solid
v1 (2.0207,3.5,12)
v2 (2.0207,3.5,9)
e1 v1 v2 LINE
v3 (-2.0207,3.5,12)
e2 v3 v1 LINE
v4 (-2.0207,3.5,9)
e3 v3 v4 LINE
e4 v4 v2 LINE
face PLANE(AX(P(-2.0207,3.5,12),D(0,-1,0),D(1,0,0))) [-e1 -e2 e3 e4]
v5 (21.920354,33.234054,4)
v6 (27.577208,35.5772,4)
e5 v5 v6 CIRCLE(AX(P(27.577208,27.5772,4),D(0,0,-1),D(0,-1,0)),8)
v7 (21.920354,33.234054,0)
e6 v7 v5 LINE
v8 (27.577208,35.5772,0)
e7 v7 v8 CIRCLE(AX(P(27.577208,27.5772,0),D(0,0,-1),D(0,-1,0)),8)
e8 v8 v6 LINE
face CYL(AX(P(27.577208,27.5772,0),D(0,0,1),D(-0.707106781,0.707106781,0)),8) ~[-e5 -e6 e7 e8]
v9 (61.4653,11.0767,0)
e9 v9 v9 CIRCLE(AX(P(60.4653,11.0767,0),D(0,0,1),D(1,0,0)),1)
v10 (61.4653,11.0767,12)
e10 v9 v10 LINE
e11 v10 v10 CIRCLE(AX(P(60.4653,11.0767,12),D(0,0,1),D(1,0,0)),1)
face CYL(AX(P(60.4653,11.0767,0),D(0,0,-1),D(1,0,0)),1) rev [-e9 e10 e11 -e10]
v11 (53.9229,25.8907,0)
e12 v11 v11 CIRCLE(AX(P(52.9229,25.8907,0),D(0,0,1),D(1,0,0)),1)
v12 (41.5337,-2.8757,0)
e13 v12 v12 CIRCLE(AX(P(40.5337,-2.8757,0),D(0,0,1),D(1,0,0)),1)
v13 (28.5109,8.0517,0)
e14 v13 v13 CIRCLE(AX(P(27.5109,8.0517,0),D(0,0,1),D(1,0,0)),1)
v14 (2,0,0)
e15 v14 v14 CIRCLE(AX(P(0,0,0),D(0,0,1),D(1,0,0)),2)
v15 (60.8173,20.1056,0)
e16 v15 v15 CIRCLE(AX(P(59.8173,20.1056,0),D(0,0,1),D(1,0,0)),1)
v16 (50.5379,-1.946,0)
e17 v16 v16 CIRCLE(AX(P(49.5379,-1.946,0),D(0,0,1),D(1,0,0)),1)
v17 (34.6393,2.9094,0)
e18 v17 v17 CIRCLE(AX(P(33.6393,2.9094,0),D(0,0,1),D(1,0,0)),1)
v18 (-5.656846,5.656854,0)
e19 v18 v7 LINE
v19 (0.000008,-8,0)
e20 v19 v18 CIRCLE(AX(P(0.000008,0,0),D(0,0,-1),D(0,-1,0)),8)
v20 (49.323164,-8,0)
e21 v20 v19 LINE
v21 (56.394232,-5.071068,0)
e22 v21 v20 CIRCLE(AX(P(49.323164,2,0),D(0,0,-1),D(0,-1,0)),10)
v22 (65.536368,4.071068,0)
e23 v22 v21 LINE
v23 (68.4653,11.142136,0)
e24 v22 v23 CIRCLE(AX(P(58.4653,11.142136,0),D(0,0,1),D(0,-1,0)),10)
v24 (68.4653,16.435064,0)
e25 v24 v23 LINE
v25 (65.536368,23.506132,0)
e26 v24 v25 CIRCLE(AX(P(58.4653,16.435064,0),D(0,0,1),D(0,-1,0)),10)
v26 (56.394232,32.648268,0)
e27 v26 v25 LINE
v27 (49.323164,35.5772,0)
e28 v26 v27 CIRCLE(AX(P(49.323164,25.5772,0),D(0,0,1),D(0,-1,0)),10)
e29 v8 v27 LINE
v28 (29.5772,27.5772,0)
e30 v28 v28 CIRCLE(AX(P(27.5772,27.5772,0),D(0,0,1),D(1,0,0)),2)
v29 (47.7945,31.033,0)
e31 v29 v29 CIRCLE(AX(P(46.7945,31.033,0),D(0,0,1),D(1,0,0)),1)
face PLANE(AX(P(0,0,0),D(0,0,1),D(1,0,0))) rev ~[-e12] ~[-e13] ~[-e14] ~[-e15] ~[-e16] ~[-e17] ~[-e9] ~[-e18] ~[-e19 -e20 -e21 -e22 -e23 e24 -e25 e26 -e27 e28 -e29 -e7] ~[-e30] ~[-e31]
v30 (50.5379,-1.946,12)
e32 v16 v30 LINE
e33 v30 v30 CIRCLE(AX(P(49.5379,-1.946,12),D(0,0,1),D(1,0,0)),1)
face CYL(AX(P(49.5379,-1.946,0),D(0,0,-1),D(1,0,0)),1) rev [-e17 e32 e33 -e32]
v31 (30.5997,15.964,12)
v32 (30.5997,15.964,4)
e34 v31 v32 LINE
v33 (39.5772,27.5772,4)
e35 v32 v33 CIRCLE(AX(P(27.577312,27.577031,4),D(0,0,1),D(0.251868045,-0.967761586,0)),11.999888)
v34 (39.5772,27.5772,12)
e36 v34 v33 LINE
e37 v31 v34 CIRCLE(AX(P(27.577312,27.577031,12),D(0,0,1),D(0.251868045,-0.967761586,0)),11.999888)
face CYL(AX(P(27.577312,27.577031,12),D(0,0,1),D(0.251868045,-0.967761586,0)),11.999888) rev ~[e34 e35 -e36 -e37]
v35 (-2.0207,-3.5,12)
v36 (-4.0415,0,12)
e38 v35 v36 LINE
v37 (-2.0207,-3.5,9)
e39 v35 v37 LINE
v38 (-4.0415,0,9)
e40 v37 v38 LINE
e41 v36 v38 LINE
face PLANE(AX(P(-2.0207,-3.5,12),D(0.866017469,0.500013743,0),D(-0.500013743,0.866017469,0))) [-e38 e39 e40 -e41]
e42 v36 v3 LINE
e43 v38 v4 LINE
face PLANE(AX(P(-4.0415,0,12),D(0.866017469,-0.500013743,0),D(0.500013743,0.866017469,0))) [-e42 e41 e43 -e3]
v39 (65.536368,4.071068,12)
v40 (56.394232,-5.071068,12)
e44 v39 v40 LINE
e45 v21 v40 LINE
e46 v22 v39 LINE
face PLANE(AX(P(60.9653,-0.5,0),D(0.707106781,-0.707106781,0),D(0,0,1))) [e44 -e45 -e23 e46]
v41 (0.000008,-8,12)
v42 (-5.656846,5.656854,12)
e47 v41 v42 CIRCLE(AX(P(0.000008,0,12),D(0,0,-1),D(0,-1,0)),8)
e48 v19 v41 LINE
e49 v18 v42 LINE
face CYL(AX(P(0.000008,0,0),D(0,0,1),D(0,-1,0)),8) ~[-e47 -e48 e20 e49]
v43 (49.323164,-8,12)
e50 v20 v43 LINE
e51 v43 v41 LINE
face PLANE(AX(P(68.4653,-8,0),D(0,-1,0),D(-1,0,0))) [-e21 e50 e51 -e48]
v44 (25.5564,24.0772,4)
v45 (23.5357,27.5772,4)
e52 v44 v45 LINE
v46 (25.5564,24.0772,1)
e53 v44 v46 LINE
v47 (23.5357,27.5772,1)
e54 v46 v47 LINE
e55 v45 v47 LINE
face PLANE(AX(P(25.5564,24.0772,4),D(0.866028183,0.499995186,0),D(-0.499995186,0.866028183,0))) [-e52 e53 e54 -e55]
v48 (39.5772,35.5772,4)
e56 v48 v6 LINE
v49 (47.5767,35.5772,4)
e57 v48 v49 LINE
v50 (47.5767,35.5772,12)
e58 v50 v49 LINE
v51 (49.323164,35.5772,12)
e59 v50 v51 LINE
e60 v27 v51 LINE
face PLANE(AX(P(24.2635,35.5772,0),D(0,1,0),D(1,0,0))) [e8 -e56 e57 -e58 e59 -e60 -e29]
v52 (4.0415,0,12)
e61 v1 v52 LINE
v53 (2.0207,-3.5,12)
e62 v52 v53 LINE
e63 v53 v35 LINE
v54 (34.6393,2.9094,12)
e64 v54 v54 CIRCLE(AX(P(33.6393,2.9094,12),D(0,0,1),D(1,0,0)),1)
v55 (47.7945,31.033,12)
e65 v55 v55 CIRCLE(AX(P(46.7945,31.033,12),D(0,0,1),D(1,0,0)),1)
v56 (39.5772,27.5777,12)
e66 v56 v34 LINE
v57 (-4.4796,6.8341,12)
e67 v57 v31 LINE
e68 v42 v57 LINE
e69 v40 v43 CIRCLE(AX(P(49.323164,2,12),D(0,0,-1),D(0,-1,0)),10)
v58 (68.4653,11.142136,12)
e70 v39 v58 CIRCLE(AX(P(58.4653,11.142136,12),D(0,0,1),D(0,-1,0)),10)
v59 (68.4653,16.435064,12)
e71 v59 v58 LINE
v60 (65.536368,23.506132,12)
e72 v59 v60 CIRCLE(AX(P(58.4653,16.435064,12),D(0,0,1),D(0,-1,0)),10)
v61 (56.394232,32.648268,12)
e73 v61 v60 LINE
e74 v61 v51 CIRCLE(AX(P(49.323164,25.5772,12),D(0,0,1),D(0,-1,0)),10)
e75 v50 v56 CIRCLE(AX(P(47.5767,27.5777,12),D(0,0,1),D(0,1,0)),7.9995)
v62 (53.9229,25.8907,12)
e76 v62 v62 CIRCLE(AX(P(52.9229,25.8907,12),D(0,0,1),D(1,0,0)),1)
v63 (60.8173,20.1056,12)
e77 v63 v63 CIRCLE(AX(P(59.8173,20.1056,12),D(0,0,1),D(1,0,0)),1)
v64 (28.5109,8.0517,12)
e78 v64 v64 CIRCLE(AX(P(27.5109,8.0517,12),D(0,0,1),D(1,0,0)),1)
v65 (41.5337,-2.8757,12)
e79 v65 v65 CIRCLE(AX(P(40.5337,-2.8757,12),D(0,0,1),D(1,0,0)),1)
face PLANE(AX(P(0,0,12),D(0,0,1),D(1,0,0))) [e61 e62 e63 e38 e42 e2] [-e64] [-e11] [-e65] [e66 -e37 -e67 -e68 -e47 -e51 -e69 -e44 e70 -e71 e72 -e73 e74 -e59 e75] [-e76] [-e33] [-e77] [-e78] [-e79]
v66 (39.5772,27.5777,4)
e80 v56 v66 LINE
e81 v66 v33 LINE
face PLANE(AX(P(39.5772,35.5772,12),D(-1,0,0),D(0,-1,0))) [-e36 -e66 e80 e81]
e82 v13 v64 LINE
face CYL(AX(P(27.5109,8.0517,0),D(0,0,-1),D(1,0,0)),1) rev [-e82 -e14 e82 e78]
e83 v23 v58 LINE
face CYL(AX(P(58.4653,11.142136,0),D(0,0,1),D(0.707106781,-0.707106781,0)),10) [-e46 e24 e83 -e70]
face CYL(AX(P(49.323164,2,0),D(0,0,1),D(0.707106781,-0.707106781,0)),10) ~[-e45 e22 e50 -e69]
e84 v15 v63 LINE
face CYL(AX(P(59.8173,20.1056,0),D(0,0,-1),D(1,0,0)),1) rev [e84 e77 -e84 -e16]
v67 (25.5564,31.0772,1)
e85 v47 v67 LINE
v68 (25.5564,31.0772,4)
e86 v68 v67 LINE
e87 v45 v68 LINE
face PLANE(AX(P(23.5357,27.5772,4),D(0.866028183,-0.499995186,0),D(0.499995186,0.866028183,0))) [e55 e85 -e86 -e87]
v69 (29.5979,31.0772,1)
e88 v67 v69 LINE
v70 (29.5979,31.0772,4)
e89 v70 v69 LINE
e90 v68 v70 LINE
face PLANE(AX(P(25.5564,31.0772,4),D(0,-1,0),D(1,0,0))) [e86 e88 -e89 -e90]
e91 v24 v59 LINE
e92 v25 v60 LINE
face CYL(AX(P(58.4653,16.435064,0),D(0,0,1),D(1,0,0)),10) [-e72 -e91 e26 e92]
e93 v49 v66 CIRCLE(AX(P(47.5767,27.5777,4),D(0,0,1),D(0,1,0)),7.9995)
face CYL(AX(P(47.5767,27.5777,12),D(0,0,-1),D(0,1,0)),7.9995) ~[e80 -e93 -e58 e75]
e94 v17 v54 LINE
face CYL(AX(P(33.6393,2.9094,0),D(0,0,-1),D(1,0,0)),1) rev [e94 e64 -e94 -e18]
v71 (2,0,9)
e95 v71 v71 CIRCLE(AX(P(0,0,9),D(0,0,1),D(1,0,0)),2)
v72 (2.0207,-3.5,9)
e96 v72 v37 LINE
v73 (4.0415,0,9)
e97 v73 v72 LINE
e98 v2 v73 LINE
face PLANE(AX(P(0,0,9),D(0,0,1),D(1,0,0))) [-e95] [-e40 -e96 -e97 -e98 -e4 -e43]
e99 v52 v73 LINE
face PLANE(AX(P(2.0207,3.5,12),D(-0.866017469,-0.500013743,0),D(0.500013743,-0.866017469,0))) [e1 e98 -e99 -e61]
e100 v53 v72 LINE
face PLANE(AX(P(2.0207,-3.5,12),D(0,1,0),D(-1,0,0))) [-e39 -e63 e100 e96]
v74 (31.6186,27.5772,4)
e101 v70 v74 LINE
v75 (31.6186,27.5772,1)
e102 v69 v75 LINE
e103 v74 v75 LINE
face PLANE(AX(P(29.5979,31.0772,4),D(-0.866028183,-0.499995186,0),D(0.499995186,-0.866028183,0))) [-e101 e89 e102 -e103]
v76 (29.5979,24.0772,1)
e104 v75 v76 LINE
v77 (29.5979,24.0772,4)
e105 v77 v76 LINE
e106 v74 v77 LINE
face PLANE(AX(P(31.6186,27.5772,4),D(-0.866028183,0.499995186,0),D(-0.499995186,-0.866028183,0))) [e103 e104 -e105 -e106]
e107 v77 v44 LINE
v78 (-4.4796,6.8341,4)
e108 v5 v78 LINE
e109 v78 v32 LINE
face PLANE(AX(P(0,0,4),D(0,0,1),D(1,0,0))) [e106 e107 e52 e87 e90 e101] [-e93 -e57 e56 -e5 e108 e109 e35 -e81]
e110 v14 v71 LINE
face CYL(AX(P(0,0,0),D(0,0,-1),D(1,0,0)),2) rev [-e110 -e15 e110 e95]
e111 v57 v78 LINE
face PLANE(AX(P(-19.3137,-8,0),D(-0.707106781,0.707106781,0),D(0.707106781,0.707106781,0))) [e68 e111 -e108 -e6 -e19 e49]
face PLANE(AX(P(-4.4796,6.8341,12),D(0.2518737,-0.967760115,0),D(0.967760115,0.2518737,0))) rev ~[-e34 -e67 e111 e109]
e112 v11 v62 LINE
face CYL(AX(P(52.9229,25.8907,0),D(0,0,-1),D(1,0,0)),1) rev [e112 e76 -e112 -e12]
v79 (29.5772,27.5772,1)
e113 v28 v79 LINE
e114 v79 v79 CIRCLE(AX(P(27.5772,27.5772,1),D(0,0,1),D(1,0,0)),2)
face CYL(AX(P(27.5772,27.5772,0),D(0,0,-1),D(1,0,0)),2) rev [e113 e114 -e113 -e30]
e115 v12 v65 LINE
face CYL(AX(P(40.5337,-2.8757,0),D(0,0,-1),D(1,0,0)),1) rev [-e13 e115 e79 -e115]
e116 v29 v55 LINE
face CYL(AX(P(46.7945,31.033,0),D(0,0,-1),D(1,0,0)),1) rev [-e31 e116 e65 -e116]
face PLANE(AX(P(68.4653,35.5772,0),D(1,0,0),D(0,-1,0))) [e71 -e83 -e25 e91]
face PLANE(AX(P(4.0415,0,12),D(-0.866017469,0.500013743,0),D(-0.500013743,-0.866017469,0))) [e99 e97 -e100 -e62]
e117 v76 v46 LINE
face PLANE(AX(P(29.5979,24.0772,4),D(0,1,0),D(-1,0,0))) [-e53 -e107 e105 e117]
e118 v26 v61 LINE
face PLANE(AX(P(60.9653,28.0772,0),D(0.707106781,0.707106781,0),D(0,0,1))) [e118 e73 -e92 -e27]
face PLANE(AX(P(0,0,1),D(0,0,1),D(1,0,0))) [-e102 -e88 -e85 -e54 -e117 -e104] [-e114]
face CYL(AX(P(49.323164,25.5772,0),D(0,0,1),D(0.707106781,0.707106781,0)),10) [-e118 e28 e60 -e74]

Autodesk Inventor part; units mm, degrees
ref_plane "YZ Plane" through (0, 0, 0) normal (1, 0, 0) x (0, 1, 0)
ref_plane "XZ Plane" through (0, 0, 0) normal (0, 1, 0) x (-1, 0, 0)
ref_plane "XY Plane" through (0, 0, 0) normal (0, 0, 1) x (1, 0, 0)
sketch "Esquisse1" plane through (0, 0, 0) normal (0, 0, 1) x (1, 0, 0)
  line L0 (0, 0) -> (52, 0) construction
  line L1 (0, 0) -> (27.5772, 27.5772) construction
  circle A0 centre (27.5772, 27.5772) radius 2
  circle A1 centre (0, 0) radius 2
  line L2 (0, 0) -> (0, -8) construction
  line L3 (0, 0) -> (-5.6569, 5.6569) construction
  line L4 (68.4653, -8) -> (-19.3137, -8)
  line L5 (27.5772, 27.5772) -> (27.5772, 35.5772) construction
  line L6 (-19.3137, -8) -> (24.2635, 35.5772)
  line L7 (24.2635, 35.5772) -> (68.4653, 35.5772)
  line L8 (27.5772, 27.5772) -> (49, 27.5772) construction
  line L9 (27.5772, 27.5772) -> (55.0016, 4.5654) construction
  line L10 (27.5772, 27.5772) -> (37.219, 39.0678) construction
  line L11 (37.219, 39.0678) -> (41.8152, 35.2111) construction
  line L12 (41.8152, 35.2111) -> (46.7945, 31.033) construction
  line L13 (46.7945, 31.033) -> (52.9229, 25.8907) construction
  line L14 (52.9229, 25.8907) -> (59.8173, 20.1056) construction
  line L15 (55.0016, 4.5654) -> (60.4653, 11.0767) construction
  circle A2 centre (41.8152, 35.2111) radius 1 construction
  circle A3 centre (46.7945, 31.033) radius 1
  circle A4 centre (52.9229, 25.8907) radius 1
  circle A5 centre (59.8173, 20.1056) radius 1
  circle A6 centre (60.4653, 11.0767) radius 1
  circle A7 centre (22.5316, 12.2298) radius 1 construction
  circle A8 centre (27.5109, 8.0517) radius 1
  circle A9 centre (33.6393, 2.9094) radius 1
  circle A10 centre (40.5337, -2.8757) radius 1
  circle A11 centre (49.5379, -1.946) radius 1
  line L16 (60.4653, 11.0767) -> (68.4653, 11.0767) construction
  line L17 (68.4653, 35.5772) -> (68.4653, -8)
  dimension "d39" = 39
  dimension "d41" = 4
  dimension "d44" = 8
  dimension "d64" = 8
  dimension "d80" = 45
  dimension "d82" = 8
  dimension "d101" = 35.8
  dimension "d102" = 40
  dimension "d103" = 15
  dimension "d104" = 6
  dimension "d105" = 6.5
  dimension "d106" = 8
  dimension "d107" = 9
  dimension "d108" = 8.5
  dimension "d109" = 2
  dimension "d110" = 8
extrude "Extrusion15" add sketch "Esquisse1" along normal blind 12
sketch "Esquisse13" plane through (0, 0, 12) normal (0, 0, 1) x (1, 0, 0)
  circle A0 centre (0, 0) radius 2 projected
  circle A1 centre (27.5772, 27.5772) radius 2 projected
  line L0 (68.4653, -8) -> (68.4653, 35.5772) projected
  line L1 (68.4653, 35.5772) -> (24.2635, 35.5772) projected
  line L2 (24.2635, 35.5772) -> (-19.3137, -8) projected
  circle A2 centre (27.5772, 27.5772) radius 12 construction
  line L3 (39.5772, 35.5772) -> (39.5772, 27.5772)
  line L4 (0, 0) -> (0, 8) construction
  line L5 (-4.4796, 6.8341) -> (30.5997, 15.964)
  arc A3 (30.5997, 15.964) -> (39.5772, 27.5772) centre (27.5772, 27.5772) ccw
  dimension "d128" = 24
  dimension "d129" = 8
extrude "Extrusion16" cut sketch "Esquisse13" against normal blind 8 contours L3 A3 L5 L2 L1
sketch "Esquisse14" plane through (0, 0, 12) normal (0, 0, 1) x (1, 0, 0)
  line L0 (-19.3137, -8) -> (68.4653, -8) projected
  circle A0 centre (0, 0) radius 2 projected
  line L1 (4.0415, 0) -> (2.0207, -3.5)
  line L2 (2.0207, -3.5) -> (-2.0207, -3.5)
  line L3 (-2.0207, -3.5) -> (-4.0415, 0)
  line L4 (-4.0415, 0) -> (-2.0207, 3.5)
  line L5 (-2.0207, 3.5) -> (2.0207, 3.5)
  line L6 (2.0207, 3.5) -> (4.0415, 0)
  line L7 (2.0207, 3.5) -> (2.0207, -3.5) construction
  dimension "d132" = 7
sketch "Esquisse15" plane through (0, 0, 4) normal (0, 0, 1) x (1, 0, 0)
  circle A0 centre (27.5772, 27.5772) radius 2 projected
  arc A1 (30.5997, 15.964) -> (39.5772, 27.5772) centre (27.5772, 27.5772) ccw projected
  line L0 (31.6186, 27.5772) -> (29.5979, 24.0772)
  line L1 (29.5979, 24.0772) -> (25.5564, 24.0772)
  line L2 (25.5564, 24.0772) -> (23.5357, 27.5772)
  line L3 (23.5357, 27.5772) -> (25.5564, 31.0772)
  line L4 (25.5564, 31.0772) -> (29.5979, 31.0772)
  line L5 (29.5979, 31.0772) -> (31.6186, 27.5772)
  line L6 (-19.3137, -8) -> (68.4653, -8) projected
  line L7 (-2.0207, 3.5) -> (2.0207, 3.5) projected
  point P0 (0, 0)
extrude "Extrusion17" cut sketch "Esquisse14" against normal blind 3
extrude "Extrusion18" cut sketch "Esquisse15" against normal blind 3
fillet "Congé8" radius 8 1 edges at (-19.3137, -8, 6)
fillet "Congé9" radius 8 1 edges at (24.2635, 35.5772, 2)
fillet "Congé10" radius 8 1 edges at (39.5772, 35.5772, 8)
chamfer "Chanfrein1" distance 15 angle 45 1 edges at (68.4653, 35.5772, 6)
chamfer "Chanfrein2" distance 15 angle 45 1 edges at (68.4653, -8, 6)
fillet "Congé12" radius 10 1 edges at (53.4653, -8, 6)
fillet "Congé13" radius 10 1 edges at (68.4653, 7, 6)
fillet "Congé14" radius 10 1 edges at (68.4653, 20.5772, 6)
fillet "Congé15" radius 10 1 edges at (53.4653, 35.5772, 6)
properties part number "joint1+mx28imprint_v2"
